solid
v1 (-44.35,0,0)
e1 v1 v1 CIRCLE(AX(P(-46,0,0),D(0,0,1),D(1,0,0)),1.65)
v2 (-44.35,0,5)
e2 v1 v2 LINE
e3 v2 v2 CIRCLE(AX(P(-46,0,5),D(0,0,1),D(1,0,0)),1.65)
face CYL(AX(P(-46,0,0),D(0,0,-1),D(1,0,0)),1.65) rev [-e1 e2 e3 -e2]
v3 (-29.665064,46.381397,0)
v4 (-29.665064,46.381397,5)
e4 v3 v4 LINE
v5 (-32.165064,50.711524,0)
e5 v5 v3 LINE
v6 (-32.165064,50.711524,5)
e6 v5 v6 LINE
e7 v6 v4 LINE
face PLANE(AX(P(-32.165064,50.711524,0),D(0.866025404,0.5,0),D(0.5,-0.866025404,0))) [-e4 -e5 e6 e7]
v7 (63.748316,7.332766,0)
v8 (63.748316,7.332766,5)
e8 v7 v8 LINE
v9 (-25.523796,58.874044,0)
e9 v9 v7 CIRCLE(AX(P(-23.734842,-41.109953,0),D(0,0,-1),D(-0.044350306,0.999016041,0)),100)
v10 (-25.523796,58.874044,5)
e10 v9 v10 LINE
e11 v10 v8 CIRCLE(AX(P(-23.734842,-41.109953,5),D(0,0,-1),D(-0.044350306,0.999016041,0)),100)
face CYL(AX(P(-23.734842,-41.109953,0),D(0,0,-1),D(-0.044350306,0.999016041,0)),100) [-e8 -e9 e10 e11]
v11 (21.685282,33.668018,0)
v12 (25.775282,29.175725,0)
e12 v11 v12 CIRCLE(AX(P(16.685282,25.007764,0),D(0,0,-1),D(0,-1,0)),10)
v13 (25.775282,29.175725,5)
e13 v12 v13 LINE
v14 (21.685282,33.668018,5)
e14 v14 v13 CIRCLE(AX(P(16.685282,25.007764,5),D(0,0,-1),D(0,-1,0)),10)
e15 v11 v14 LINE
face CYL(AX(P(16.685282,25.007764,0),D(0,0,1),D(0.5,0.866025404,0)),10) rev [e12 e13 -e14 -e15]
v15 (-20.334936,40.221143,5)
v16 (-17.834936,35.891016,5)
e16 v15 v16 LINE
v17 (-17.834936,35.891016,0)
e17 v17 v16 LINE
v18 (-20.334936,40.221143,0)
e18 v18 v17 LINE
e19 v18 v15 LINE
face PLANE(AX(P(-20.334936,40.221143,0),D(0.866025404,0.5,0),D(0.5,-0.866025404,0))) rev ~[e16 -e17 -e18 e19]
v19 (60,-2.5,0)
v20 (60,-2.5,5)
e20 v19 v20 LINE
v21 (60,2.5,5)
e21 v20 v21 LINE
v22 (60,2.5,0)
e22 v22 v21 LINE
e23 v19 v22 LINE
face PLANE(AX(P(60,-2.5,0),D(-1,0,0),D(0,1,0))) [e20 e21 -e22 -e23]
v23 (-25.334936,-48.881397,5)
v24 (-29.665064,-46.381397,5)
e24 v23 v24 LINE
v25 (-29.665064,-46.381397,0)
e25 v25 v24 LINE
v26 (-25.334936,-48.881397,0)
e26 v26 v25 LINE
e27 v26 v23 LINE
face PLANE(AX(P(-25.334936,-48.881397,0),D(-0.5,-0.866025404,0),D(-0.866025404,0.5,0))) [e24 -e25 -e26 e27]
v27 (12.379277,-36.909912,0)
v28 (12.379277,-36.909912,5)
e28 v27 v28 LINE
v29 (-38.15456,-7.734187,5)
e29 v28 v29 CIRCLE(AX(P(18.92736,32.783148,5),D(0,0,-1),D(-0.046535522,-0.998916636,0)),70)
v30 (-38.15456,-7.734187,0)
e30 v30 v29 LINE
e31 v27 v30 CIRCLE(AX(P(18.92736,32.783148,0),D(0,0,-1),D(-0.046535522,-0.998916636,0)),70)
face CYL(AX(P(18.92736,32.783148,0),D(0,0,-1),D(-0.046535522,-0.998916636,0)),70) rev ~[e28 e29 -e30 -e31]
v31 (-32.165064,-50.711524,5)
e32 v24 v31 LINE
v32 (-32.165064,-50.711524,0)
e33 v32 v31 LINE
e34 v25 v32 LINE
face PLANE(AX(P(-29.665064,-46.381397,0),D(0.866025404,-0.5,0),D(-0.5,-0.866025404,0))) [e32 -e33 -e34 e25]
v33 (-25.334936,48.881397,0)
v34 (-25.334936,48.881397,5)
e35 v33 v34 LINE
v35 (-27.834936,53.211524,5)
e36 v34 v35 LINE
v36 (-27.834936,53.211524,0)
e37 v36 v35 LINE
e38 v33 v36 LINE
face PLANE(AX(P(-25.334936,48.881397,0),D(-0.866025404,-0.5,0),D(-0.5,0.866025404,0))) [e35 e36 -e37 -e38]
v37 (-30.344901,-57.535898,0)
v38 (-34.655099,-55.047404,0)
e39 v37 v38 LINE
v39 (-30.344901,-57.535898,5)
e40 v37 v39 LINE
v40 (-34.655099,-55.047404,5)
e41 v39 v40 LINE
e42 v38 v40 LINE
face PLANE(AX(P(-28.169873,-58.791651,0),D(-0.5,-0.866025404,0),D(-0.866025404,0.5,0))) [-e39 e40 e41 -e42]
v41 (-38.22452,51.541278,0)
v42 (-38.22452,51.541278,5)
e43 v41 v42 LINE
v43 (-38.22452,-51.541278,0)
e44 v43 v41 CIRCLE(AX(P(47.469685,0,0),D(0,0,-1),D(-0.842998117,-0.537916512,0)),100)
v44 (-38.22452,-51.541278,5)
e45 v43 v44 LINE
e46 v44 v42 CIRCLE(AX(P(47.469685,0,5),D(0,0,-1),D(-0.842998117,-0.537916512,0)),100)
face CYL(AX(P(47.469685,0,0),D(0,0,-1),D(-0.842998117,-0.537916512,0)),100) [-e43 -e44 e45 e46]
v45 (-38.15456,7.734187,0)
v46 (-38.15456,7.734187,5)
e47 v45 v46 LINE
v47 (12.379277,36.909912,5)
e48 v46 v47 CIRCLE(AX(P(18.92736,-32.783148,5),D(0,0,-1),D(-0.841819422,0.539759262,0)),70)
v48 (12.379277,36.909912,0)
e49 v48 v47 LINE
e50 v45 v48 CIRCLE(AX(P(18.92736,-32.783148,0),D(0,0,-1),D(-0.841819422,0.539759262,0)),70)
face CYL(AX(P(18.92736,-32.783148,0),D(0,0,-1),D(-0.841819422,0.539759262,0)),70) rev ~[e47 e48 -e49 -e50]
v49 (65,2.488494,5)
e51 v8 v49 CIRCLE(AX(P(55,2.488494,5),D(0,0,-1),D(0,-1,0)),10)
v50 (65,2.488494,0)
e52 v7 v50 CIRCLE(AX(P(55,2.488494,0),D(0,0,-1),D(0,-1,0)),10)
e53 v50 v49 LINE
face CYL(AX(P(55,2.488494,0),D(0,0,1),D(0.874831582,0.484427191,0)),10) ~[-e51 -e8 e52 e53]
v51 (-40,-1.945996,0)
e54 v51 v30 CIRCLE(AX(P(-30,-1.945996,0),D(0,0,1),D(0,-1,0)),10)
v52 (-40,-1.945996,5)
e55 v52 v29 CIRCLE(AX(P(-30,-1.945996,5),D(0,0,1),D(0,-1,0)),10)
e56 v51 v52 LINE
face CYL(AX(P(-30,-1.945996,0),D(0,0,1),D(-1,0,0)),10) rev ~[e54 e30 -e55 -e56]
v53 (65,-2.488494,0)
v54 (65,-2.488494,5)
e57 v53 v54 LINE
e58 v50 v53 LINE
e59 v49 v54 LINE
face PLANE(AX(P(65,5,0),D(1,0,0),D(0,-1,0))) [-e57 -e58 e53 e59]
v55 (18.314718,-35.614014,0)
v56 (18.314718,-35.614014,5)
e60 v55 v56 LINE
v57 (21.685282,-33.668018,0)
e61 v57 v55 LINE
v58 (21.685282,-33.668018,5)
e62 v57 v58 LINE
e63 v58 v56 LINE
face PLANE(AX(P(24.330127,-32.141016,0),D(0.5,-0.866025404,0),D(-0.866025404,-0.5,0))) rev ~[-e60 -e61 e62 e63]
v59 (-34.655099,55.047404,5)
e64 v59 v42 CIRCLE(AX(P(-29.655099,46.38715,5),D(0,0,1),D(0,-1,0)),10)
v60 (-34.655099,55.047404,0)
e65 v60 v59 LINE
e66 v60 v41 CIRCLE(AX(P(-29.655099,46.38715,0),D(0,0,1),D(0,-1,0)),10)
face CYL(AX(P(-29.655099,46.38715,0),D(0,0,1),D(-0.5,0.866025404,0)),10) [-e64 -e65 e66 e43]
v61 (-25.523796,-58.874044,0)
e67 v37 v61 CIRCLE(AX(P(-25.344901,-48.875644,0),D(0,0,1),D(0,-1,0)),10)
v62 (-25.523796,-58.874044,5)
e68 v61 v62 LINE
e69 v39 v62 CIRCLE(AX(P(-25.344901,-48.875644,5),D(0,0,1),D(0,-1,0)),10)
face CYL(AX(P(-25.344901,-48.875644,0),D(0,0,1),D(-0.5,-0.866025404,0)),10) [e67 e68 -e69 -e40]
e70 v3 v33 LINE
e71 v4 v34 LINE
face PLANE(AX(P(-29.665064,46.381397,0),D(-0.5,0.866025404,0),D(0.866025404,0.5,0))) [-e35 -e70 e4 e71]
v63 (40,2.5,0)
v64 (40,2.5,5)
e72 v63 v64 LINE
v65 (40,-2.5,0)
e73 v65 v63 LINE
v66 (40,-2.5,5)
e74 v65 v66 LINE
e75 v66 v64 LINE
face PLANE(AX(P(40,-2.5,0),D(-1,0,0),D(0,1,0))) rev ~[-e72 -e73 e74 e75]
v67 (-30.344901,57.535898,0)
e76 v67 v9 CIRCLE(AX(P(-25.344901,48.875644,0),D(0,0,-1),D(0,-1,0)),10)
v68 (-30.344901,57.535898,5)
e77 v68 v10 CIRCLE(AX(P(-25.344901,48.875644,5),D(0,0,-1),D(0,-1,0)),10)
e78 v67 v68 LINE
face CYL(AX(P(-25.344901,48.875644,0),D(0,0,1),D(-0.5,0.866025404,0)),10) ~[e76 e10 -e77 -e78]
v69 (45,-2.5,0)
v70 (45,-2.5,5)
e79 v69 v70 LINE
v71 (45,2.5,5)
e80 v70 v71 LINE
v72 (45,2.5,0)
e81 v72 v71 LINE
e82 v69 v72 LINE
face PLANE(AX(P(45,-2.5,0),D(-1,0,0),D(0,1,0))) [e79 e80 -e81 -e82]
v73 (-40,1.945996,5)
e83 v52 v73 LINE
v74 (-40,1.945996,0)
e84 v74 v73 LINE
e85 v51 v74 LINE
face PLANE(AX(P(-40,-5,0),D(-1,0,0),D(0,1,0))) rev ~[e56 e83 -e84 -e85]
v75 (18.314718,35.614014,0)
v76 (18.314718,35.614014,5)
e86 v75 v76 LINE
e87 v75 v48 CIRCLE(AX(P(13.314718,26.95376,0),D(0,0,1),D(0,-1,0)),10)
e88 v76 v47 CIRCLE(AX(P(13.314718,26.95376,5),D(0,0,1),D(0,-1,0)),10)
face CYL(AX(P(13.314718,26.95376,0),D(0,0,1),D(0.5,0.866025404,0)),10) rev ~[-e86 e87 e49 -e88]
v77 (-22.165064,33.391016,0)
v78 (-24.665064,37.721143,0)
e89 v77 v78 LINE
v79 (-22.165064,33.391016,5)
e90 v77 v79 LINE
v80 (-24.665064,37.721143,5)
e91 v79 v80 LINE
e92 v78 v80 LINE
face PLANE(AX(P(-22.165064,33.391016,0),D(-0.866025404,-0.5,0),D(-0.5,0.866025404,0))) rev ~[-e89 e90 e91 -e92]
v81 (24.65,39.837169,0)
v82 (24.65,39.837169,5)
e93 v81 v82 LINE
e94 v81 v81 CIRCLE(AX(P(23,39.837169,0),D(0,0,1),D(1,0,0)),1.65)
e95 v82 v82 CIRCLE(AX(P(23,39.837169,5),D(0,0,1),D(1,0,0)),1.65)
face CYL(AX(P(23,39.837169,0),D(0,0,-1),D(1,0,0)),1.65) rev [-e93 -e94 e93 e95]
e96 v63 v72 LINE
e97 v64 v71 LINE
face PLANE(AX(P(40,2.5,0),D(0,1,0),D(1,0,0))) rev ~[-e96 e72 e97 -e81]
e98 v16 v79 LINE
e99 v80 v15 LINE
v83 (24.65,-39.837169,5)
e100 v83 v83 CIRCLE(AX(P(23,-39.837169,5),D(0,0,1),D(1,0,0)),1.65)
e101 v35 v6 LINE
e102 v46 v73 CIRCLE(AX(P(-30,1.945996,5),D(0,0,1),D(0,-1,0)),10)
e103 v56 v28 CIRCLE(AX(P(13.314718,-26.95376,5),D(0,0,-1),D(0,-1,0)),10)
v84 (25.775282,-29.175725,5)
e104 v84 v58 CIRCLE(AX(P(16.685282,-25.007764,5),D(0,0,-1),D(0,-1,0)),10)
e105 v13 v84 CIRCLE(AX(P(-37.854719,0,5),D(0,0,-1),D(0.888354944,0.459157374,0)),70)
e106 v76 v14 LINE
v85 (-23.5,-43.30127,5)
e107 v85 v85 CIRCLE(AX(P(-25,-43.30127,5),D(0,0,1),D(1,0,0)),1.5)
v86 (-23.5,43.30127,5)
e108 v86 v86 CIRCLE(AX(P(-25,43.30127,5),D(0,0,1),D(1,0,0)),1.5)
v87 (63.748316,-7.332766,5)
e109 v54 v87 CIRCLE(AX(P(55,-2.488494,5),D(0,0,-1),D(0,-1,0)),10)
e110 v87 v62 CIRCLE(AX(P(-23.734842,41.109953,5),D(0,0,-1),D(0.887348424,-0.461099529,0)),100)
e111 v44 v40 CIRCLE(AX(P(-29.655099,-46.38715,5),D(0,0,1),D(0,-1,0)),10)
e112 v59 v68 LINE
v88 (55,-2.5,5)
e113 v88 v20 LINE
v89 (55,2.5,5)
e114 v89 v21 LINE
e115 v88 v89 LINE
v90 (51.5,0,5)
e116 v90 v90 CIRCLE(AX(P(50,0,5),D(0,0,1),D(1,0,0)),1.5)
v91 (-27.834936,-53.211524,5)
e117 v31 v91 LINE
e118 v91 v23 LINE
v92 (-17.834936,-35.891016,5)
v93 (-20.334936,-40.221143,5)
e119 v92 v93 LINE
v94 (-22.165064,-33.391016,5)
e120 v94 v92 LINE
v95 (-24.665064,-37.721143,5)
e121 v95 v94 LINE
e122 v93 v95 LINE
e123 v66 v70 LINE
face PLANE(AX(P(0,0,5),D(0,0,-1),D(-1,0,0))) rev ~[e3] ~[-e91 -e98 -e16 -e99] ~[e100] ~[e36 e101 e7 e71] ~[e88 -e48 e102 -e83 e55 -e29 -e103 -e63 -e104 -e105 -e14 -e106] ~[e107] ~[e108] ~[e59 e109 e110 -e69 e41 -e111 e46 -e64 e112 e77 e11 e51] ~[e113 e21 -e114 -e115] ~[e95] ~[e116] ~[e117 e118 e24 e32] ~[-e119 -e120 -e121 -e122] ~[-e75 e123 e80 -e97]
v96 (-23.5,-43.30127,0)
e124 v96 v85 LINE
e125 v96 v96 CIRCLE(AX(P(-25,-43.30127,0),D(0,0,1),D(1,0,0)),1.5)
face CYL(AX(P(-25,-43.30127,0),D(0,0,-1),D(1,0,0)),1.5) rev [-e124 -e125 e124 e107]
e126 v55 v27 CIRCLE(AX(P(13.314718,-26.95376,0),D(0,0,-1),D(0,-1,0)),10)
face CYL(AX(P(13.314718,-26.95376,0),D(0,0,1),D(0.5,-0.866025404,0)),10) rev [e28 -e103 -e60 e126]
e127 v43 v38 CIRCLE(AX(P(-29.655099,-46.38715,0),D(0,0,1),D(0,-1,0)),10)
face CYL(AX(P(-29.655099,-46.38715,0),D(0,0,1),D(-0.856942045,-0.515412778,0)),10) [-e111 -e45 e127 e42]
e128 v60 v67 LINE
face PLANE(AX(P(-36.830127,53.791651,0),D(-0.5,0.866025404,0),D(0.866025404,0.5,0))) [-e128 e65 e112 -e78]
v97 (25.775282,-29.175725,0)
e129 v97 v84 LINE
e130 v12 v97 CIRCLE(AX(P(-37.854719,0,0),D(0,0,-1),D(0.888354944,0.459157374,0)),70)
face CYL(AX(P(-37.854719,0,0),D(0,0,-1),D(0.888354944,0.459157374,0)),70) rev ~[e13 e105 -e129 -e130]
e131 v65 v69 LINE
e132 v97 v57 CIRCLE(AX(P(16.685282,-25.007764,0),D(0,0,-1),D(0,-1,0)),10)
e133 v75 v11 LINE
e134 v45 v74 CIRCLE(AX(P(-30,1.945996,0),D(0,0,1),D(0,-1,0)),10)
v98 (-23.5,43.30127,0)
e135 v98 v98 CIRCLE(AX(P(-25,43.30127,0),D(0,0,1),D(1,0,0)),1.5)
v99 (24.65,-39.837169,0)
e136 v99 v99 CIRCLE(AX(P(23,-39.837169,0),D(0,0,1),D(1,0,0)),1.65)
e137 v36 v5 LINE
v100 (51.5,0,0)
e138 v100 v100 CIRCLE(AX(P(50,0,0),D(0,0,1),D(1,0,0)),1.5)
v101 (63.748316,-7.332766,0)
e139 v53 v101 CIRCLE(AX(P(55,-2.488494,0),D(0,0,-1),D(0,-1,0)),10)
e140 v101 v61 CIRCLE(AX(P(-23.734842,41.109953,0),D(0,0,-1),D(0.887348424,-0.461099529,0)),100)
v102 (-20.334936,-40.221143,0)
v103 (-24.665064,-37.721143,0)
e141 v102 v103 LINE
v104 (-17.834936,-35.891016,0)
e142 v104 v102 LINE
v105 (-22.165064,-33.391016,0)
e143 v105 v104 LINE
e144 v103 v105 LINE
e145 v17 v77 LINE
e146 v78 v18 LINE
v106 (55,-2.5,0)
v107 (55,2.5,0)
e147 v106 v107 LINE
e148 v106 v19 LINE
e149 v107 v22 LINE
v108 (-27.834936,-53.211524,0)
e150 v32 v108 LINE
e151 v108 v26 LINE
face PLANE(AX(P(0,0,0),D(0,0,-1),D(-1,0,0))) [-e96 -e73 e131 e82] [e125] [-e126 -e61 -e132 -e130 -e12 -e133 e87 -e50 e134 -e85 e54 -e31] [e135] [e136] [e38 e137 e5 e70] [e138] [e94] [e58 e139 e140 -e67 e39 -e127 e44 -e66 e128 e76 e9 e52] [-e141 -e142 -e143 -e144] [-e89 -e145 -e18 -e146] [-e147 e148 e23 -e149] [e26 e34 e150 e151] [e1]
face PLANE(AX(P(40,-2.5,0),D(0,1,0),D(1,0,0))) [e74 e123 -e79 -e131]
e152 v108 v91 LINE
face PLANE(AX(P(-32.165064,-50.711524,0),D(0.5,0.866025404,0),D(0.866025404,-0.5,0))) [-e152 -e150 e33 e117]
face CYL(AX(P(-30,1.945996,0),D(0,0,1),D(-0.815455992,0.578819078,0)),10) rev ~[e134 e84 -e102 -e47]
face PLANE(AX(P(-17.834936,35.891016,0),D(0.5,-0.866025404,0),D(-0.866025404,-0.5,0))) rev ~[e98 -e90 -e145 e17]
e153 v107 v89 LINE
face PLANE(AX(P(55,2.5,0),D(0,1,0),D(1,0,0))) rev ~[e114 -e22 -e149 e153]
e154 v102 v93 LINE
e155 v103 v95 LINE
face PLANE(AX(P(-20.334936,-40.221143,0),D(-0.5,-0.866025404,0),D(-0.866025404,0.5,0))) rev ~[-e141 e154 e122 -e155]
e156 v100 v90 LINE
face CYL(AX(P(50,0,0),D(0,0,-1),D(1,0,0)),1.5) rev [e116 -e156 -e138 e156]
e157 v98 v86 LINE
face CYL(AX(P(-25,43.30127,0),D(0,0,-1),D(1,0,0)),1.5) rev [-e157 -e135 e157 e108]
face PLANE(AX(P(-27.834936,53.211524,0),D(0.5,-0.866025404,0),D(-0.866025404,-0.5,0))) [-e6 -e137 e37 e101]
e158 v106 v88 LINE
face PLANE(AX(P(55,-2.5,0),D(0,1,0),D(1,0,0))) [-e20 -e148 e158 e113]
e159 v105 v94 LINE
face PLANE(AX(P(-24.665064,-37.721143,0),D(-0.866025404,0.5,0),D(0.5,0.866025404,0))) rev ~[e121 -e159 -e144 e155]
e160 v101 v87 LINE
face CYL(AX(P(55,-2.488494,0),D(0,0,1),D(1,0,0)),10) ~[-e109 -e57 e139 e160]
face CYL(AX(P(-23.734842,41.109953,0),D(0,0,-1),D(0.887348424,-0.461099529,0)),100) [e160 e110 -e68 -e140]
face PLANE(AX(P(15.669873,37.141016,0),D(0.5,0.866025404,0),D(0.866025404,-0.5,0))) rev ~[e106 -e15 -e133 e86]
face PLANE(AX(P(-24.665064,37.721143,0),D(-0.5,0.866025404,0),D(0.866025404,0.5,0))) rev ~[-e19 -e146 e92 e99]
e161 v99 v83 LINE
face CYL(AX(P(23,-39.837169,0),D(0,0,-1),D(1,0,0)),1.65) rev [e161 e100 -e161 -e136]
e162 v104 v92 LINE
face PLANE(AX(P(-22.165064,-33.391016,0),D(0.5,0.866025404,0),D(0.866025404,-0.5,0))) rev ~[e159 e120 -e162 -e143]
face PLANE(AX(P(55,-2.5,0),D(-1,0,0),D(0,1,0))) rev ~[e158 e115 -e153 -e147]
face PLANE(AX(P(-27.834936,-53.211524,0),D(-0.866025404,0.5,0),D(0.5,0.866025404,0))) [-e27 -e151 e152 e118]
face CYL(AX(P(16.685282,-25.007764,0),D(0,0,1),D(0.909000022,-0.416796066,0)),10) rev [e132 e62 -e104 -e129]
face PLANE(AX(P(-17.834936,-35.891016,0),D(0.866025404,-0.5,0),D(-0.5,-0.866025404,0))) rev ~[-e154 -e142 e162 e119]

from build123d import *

# Parameters (mm, degrees)
ESQUISSE1_R        = 1.65
ESQUISSE1_R_2      = 1.5
ESQUISSE1_W        = 5
ESQUISSE1_H        = 5
BOSS_EXTRU_1_DEPTH = 5
FILLET1_R          = 10


with BuildPart() as part:
    # Esquisse1 → Boss.-Extru.1 (new body)
    with BuildSketch(Plane.XY):
        with BuildLine():
            Line((-36.830127019, 53.791651246), (-28.169872981, 58.791651246))
            ThreePointArc((-28.169872981, 58.791651246), (26.265157649, 45.492587517), (65, 5))
            Line((65, 5), (65, -5))
            ThreePointArc((65, -5), (26.265157649, -45.492587517), (-28.169872981, -58.791651246))
            Line((-28.169872981, -58.791651246), (-36.830127019, -53.791651246))
            ThreePointArc((-36.830127019, -53.791651246), (-52.530315298, 0), (-36.830127019, 53.791651246))
        make_face()
        with Locations((23, 39.837168574)):
            Circle(ESQUISSE1_R, mode=Mode.SUBTRACT)
        with Locations((23, -39.837168574)):
            Circle(ESQUISSE1_R, mode=Mode.SUBTRACT)
        with Locations((-46, 0)):
            Circle(ESQUISSE1_R, mode=Mode.SUBTRACT)
        with Locations((50, 0)):
            Circle(ESQUISSE1_R_2, mode=Mode.SUBTRACT)
        with Locations((-25, 43.301270189)):
            Circle(ESQUISSE1_R_2, mode=Mode.SUBTRACT)
        with Locations((-25, -43.301270189)):
            Circle(ESQUISSE1_R_2, mode=Mode.SUBTRACT)
        with BuildLine():
            Line((15.669872981, 37.141016151), (24.330127019, 32.141016151))
            ThreePointArc((24.330127019, 32.141016151), (32.145280949, 0), (24.330127019, -32.141016151))
            Line((24.330127019, -32.141016151), (15.669872981, -37.141016151))
            ThreePointArc((15.669872981, -37.141016151), (-16.072640474, -27.838629914), (-40, -5))
            Line((-40, -5), (-40, 5))
            ThreePointArc((-40, 5), (-16.072640474, 27.838629914), (15.669872981, 37.141016151))
        make_face(mode=Mode.SUBTRACT)
        with Locations((42.5, 0)):
            Rectangle(ESQUISSE1_W, ESQUISSE1_H, mode=Mode.SUBTRACT)
        with Locations((57.5, 0)):
            Rectangle(ESQUISSE1_W, ESQUISSE1_H, mode=Mode.SUBTRACT)
        Polygon((-25.334936491, 48.881397208), (-27.834936491, 53.211524227), (-32.165063509, 50.711524227), (-29.665063509, 46.381397208), align=None, mode=Mode.SUBTRACT)
        Polygon((-20.334936491, 40.22114317), (-17.834936491, 35.891016151), (-22.165063509, 33.391016151), (-24.665063509, 37.72114317), align=None, mode=Mode.SUBTRACT)
        Polygon((-29.665063509, -46.381397208), (-32.165063509, -50.711524227), (-27.834936491, -53.211524227), (-25.334936491, -48.881397208), align=None, mode=Mode.SUBTRACT)
        Polygon((-24.665063509, -37.72114317), (-22.165063509, -33.391016151), (-17.834936491, -35.891016151), (-20.334936491, -40.22114317), align=None, mode=Mode.SUBTRACT)
    extrude(amount=BOSS_EXTRU_1_DEPTH)

    # Fillet1
    fillet1_edges = [part.edges().sort_by_distance(p)[0] for p in [
        (-36.830127019, 53.791651246, 2.5),
        (-28.169872981, 58.791651246, 2.5),
        (65, 5, 2.5),
        (65, -5, 2.5),
        (-28.169872981, -58.791651246, 2.5),
        (-36.830127019, -53.791651246, 2.5),
        (15.669872981, 37.141016151, 2.5),
        (-40, 5, 2.5),
        (-40, -5, 2.5),
        (15.669872981, -37.141016151, 2.5),
        (24.330127019, -32.141016151, 2.5),
        (24.330127019, 32.141016151, 2.5),
    ]]
    fillet(fillet1_edges, radius=FILLET1_R)


solid = part.part
